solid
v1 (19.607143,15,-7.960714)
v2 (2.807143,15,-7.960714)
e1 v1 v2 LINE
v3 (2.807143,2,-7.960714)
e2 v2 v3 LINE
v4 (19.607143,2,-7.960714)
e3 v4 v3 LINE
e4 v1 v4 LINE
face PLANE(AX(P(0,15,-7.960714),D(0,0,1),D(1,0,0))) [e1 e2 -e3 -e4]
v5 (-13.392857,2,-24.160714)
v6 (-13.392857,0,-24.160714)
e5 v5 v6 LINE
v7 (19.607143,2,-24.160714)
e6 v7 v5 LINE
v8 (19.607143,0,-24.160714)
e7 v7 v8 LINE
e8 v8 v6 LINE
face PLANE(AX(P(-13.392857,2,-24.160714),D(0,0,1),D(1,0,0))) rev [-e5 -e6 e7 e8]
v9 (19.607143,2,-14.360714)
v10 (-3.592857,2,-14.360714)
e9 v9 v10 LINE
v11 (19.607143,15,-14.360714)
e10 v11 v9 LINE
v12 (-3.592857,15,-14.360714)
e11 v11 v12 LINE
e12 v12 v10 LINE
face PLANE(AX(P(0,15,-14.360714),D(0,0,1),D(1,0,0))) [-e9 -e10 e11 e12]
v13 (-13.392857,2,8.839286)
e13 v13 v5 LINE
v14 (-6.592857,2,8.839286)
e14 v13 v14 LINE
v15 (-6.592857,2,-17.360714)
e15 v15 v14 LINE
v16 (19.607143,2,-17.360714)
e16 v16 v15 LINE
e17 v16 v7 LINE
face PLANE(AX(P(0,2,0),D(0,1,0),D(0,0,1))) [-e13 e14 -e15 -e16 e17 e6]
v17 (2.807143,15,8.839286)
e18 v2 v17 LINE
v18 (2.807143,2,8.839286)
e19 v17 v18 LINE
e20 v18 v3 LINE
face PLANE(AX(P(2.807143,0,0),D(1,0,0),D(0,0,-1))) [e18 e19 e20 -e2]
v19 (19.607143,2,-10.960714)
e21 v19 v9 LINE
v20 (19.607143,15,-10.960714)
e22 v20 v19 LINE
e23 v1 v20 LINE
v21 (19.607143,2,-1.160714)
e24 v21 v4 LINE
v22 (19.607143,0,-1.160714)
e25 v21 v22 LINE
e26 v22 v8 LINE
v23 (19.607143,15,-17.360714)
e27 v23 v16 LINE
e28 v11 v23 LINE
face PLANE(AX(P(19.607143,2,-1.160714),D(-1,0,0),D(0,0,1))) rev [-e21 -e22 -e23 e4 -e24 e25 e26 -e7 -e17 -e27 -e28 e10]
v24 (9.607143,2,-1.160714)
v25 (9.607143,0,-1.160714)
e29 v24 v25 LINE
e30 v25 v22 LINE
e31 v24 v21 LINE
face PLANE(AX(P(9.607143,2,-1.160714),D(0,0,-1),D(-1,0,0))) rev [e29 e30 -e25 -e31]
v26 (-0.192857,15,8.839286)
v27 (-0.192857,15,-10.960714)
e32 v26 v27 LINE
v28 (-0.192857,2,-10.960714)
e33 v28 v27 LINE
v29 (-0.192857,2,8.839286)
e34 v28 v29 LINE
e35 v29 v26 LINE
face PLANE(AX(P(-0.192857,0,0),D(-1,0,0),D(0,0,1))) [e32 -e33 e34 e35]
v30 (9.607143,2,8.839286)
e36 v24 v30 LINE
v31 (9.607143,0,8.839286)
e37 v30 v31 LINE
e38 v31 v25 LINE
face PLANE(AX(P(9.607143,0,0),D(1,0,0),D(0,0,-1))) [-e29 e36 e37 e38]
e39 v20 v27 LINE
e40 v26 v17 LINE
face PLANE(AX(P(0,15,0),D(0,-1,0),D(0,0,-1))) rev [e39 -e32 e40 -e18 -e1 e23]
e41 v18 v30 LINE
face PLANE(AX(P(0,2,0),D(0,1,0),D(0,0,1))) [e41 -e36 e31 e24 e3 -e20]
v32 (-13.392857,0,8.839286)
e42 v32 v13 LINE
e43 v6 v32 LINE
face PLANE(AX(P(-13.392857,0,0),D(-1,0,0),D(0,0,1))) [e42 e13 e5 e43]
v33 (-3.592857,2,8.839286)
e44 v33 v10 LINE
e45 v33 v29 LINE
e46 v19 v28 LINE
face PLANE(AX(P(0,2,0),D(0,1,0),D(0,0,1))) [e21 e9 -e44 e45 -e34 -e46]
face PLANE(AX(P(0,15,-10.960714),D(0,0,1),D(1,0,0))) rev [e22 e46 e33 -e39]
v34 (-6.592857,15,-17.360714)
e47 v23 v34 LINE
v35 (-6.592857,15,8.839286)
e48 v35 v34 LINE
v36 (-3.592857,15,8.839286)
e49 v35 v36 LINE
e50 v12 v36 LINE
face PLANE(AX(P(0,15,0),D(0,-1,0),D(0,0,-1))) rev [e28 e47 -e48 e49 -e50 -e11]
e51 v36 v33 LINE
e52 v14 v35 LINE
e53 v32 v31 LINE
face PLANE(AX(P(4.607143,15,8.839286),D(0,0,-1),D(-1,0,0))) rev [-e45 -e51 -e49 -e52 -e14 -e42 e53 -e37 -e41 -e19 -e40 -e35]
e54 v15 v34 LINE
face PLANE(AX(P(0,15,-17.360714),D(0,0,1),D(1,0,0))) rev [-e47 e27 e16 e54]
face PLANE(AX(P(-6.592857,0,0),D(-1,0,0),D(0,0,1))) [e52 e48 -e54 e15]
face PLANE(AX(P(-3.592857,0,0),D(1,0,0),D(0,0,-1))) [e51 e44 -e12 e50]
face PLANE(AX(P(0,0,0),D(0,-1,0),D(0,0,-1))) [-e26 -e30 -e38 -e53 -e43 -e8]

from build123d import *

# Parameters (mm, degrees)
ESQUISSE1_W              = 13
ESQUISSE1_H              = 20
BOSS_EXTRU_1_DEPTH       = 15
ESQUISSE2_W              = 2
ESQUISSE2_H              = 20
ESQUISSE2_W_2            = 3
ENL_V_MAT_EXTRU_2_DEPTH  = 13
ESQUISSE4_W              = 20
ESQUISSE4_H              = 2
BOSS_EXTRU_2_DEPTH       = 5
ESQUISSE5_W              = 20
ESQUISSE5_H              = 2
BOSS_EXTRU_3_DEPTH       = 5
ESQUISSE6_W              = 20
ESQUISSE6_H              = 13
ENL_V_MAT_EXTRU_3_DEPTH  = 0.2
ESQUISSE7_W              = 20
ESQUISSE7_H              = 13
ENL_V_MAT_EXTRU_4_DEPTH  = 0.2
ESQUISSE8_W              = 20
ESQUISSE8_H              = 13
BOSS_EXTRU_4_DEPTH       = 0.2
ESQUISSE9_W              = 20
ESQUISSE9_H              = 13
BOSS_EXTRU_5_DEPTH       = 0.2
ENL_V_MAT_EXTRU_5_DEPTH  = 10
BOSS_EXTRU_6_DEPTH       = 2
ESQUISSE13_W             = 3
ESQUISSE13_H             = 23
BOSS_EXTRU_7_DEPTH       = 13
ESQUISSE14_W             = 16.8
ESQUISSE14_H             = 3
ESQUISSE14_W_2           = 16.2
BOSS_EXTRU_8_DEPTH       = 13
ESQUISSE18_W             = 3.4
ESQUISSE18_H             = 13
ENL_V_MAT_EXTRU_8_DEPTH  = 10
ESQUISSE19_W             = 6.8
ESQUISSE19_H             = 13
ENL_V_MAT_EXTRU_9_DEPTH  = 10
ESQUISSE20_W             = 6.8
ESQUISSE20_H             = 13
ENL_V_MAT_EXTRU_10_DEPTH = 10
ESQUISSE21_W             = 3.4
ESQUISSE21_H             = 13
ENL_V_MAT_EXTRU_11_DEPTH = 5


with BuildPart() as part:
    # Esquisse1 → Boss.-Extru.1 (new body)
    with BuildSketch(Plane(origin=(0, 0, 0), x_dir=(1, 0, 0), z_dir=(0, 1, 0))):
        with Locations((-1.892857143, 1.160714286)):
            Rectangle(ESQUISSE1_W, ESQUISSE1_H)
    extrude(amount=BOSS_EXTRU_1_DEPTH)

    # Esquisse2 → Enlèv. mat.-Extru.2 (cut)
    with BuildSketch(Plane(origin=(0, 15, 0), x_dir=(1, 0, 0), z_dir=(0, 1, 0))):
        with Locations((-7.392857143, 1.160714286)):
            Rectangle(ESQUISSE2_W, ESQUISSE2_H)
        with Locations((-1.892857143, 1.160714286)):
            Rectangle(ESQUISSE2_W_2, ESQUISSE2_H)
        with Locations((3.607142857, 1.160714286)):
            Rectangle(ESQUISSE2_W, ESQUISSE2_H)
    extrude(amount=-ENL_V_MAT_EXTRU_2_DEPTH, mode=Mode.SUBTRACT)

    # Esquisse4 → Boss.-Extru.2 (add)
    with BuildSketch(Plane.ZY.offset(8.392857143)):
        with Locations((-1.160714286, 1)):
            Rectangle(ESQUISSE4_W, ESQUISSE4_H)
    extrude(amount=BOSS_EXTRU_2_DEPTH)

    # Esquisse5 → Boss.-Extru.3 (add)
    with BuildSketch(Plane(origin=(4.607142857, 0, 0), x_dir=(0, 0, -1), z_dir=(1, 0, 0))):
        with Locations((1.160714286, 1)):
            Rectangle(ESQUISSE5_W, ESQUISSE5_H)
    extrude(amount=BOSS_EXTRU_3_DEPTH)

    # Esquisse6 → Enlèv. mat.-Extru.3 (cut)
    with BuildSketch(Plane.ZY.offset(0.392857143)):
        with Locations((-1.160714286, 8.5)):
            Rectangle(ESQUISSE6_W, ESQUISSE6_H)
    extrude(amount=-ENL_V_MAT_EXTRU_3_DEPTH, mode=Mode.SUBTRACT)

    # Esquisse7 → Enlèv. mat.-Extru.4 (cut)
    with BuildSketch(Plane(origin=(-3.392857143, 0, 0), x_dir=(0, 0, -1), z_dir=(1, 0, 0))):
        with Locations((1.160714286, 8.5)):
            Rectangle(ESQUISSE7_W, ESQUISSE7_H)
    extrude(amount=-ENL_V_MAT_EXTRU_4_DEPTH, mode=Mode.SUBTRACT)

    # Esquisse8 → Boss.-Extru.4 (add)
    with BuildSketch(Plane(origin=(2.607142857, 0, 0), x_dir=(0, 0, -1), z_dir=(1, 0, 0))):
        with Locations((1.160714286, 8.5)):
            Rectangle(ESQUISSE8_W, ESQUISSE8_H)
    extrude(amount=BOSS_EXTRU_4_DEPTH)

    # Esquisse9 → Boss.-Extru.5 (add)
    with BuildSketch(Plane.ZY.offset(6.392857143)):
        with Locations((-1.160714286, 8.5)):
            Rectangle(ESQUISSE9_W, ESQUISSE9_H)
    extrude(amount=BOSS_EXTRU_5_DEPTH)

    # Esquisse11 → Enlèv. mat.-Extru.5 (cut)
    with BuildSketch(Plane(origin=(0, 0, -11.160714286), x_dir=(-1, 0, 0), z_dir=(0, 0, -1))):
        Polygon((6.592857143, 2), (6.592857143, 15), (3.592857143, 15), (3.592857143, 2), (0.192857143, 2), (0.192857143, 15), (-2.807142857, 15), (-2.807142857, 2), (-9.607142857, 2), (-9.607142857, 0), (13.392857143, 0), (13.392857143, 2), align=None)
    extrude(amount=-ENL_V_MAT_EXTRU_5_DEPTH, mode=Mode.SUBTRACT)

    # Esquisse12 → Boss.-Extru.6 (add)
    with BuildSketch(Plane(origin=(0, 0, 0), x_dir=(1, 0, 0), z_dir=(0, 1, 0))):
        Polygon((9.607142857, 1.160714286), (19.607142857, 1.160714286), (19.607142857, 24.160714286), (-13.392857143, 24.160714286), (-13.392857143, 1.160714286), align=None)
    extrude(amount=BOSS_EXTRU_6_DEPTH)

    # Esquisse13 → Boss.-Extru.7 (add)
    with BuildSketch(Plane(origin=(0, 2, 0), x_dir=(1, 0, 0), z_dir=(0, 1, 0))):
        Polygon((2.807142857, 1.160714286), (-0.192857143, 1.160714286), (-0.192857143, 24.160714286), (2.807142857, 24.160714286), (2.807142857, 1.789853377), align=None)
        with Locations((-5.092857143, 12.660714286)):
            Rectangle(ESQUISSE13_W, ESQUISSE13_H)
    extrude(amount=BOSS_EXTRU_7_DEPTH)

    # Esquisse14 → Boss.-Extru.8 (add)
    with BuildSketch(Plane(origin=(0, 2, 0), x_dir=(1, 0, 0), z_dir=(0, 1, 0))):
        with Locations((11.207142857, 9.460714286)):
            Rectangle(ESQUISSE14_W, ESQUISSE14_H)
        with Locations((11.207142857, 15.860714286)):
            Rectangle(ESQUISSE14_W, ESQUISSE14_H)
        with Locations((-5.292857143, 9.460714286)):
            Rectangle(ESQUISSE14_W_2, ESQUISSE14_H)
        with Locations((-5.292857143, 15.860714286)):
            Rectangle(ESQUISSE14_W_2, ESQUISSE14_H)
    extrude(amount=BOSS_EXTRU_8_DEPTH)

    # Esquisse18 → Enlèv. mat.-Extru.8 (cut)
    with BuildSketch(Plane(origin=(0, 0, -10.960714286), x_dir=(-1, 0, 0), z_dir=(0, 0, -1))):
        with Locations((1.892857143, 8.5)):
            Rectangle(ESQUISSE18_W, ESQUISSE18_H)
    extrude(amount=-ENL_V_MAT_EXTRU_8_DEPTH, mode=Mode.SUBTRACT)

    # Esquisse19 → Enlèv. mat.-Extru.9 (cut)
    with BuildSketch(Plane(origin=(0, 0, -17.360714286), x_dir=(-1, 0, 0), z_dir=(0, 0, -1))):
        with Locations((9.992857143, 8.5)):
            Rectangle(ESQUISSE19_W, ESQUISSE19_H)
    extrude(amount=-ENL_V_MAT_EXTRU_9_DEPTH, mode=Mode.SUBTRACT)

    # Esquisse20 → Enlèv. mat.-Extru.10 (cut)
    with BuildSketch(Plane(origin=(2.807142857, 0, 0), x_dir=(0, 0, -1), z_dir=(1, 0, 0))):
        with Locations((20.760714286, 8.5)):
            Rectangle(ESQUISSE20_W, ESQUISSE20_H)
    extrude(amount=-ENL_V_MAT_EXTRU_10_DEPTH, mode=Mode.SUBTRACT)

    # Esquisse21 → Enlèv. mat.-Extru.11 (cut)
    with BuildSketch(Plane(origin=(2.807142857, 0, 0), x_dir=(0, 0, -1), z_dir=(1, 0, 0))):
        with Locations((12.660714286, 8.5)):
            Rectangle(ESQUISSE21_W, ESQUISSE21_H)
    extrude(amount=-ENL_V_MAT_EXTRU_11_DEPTH, mode=Mode.SUBTRACT)


solid = part.part
